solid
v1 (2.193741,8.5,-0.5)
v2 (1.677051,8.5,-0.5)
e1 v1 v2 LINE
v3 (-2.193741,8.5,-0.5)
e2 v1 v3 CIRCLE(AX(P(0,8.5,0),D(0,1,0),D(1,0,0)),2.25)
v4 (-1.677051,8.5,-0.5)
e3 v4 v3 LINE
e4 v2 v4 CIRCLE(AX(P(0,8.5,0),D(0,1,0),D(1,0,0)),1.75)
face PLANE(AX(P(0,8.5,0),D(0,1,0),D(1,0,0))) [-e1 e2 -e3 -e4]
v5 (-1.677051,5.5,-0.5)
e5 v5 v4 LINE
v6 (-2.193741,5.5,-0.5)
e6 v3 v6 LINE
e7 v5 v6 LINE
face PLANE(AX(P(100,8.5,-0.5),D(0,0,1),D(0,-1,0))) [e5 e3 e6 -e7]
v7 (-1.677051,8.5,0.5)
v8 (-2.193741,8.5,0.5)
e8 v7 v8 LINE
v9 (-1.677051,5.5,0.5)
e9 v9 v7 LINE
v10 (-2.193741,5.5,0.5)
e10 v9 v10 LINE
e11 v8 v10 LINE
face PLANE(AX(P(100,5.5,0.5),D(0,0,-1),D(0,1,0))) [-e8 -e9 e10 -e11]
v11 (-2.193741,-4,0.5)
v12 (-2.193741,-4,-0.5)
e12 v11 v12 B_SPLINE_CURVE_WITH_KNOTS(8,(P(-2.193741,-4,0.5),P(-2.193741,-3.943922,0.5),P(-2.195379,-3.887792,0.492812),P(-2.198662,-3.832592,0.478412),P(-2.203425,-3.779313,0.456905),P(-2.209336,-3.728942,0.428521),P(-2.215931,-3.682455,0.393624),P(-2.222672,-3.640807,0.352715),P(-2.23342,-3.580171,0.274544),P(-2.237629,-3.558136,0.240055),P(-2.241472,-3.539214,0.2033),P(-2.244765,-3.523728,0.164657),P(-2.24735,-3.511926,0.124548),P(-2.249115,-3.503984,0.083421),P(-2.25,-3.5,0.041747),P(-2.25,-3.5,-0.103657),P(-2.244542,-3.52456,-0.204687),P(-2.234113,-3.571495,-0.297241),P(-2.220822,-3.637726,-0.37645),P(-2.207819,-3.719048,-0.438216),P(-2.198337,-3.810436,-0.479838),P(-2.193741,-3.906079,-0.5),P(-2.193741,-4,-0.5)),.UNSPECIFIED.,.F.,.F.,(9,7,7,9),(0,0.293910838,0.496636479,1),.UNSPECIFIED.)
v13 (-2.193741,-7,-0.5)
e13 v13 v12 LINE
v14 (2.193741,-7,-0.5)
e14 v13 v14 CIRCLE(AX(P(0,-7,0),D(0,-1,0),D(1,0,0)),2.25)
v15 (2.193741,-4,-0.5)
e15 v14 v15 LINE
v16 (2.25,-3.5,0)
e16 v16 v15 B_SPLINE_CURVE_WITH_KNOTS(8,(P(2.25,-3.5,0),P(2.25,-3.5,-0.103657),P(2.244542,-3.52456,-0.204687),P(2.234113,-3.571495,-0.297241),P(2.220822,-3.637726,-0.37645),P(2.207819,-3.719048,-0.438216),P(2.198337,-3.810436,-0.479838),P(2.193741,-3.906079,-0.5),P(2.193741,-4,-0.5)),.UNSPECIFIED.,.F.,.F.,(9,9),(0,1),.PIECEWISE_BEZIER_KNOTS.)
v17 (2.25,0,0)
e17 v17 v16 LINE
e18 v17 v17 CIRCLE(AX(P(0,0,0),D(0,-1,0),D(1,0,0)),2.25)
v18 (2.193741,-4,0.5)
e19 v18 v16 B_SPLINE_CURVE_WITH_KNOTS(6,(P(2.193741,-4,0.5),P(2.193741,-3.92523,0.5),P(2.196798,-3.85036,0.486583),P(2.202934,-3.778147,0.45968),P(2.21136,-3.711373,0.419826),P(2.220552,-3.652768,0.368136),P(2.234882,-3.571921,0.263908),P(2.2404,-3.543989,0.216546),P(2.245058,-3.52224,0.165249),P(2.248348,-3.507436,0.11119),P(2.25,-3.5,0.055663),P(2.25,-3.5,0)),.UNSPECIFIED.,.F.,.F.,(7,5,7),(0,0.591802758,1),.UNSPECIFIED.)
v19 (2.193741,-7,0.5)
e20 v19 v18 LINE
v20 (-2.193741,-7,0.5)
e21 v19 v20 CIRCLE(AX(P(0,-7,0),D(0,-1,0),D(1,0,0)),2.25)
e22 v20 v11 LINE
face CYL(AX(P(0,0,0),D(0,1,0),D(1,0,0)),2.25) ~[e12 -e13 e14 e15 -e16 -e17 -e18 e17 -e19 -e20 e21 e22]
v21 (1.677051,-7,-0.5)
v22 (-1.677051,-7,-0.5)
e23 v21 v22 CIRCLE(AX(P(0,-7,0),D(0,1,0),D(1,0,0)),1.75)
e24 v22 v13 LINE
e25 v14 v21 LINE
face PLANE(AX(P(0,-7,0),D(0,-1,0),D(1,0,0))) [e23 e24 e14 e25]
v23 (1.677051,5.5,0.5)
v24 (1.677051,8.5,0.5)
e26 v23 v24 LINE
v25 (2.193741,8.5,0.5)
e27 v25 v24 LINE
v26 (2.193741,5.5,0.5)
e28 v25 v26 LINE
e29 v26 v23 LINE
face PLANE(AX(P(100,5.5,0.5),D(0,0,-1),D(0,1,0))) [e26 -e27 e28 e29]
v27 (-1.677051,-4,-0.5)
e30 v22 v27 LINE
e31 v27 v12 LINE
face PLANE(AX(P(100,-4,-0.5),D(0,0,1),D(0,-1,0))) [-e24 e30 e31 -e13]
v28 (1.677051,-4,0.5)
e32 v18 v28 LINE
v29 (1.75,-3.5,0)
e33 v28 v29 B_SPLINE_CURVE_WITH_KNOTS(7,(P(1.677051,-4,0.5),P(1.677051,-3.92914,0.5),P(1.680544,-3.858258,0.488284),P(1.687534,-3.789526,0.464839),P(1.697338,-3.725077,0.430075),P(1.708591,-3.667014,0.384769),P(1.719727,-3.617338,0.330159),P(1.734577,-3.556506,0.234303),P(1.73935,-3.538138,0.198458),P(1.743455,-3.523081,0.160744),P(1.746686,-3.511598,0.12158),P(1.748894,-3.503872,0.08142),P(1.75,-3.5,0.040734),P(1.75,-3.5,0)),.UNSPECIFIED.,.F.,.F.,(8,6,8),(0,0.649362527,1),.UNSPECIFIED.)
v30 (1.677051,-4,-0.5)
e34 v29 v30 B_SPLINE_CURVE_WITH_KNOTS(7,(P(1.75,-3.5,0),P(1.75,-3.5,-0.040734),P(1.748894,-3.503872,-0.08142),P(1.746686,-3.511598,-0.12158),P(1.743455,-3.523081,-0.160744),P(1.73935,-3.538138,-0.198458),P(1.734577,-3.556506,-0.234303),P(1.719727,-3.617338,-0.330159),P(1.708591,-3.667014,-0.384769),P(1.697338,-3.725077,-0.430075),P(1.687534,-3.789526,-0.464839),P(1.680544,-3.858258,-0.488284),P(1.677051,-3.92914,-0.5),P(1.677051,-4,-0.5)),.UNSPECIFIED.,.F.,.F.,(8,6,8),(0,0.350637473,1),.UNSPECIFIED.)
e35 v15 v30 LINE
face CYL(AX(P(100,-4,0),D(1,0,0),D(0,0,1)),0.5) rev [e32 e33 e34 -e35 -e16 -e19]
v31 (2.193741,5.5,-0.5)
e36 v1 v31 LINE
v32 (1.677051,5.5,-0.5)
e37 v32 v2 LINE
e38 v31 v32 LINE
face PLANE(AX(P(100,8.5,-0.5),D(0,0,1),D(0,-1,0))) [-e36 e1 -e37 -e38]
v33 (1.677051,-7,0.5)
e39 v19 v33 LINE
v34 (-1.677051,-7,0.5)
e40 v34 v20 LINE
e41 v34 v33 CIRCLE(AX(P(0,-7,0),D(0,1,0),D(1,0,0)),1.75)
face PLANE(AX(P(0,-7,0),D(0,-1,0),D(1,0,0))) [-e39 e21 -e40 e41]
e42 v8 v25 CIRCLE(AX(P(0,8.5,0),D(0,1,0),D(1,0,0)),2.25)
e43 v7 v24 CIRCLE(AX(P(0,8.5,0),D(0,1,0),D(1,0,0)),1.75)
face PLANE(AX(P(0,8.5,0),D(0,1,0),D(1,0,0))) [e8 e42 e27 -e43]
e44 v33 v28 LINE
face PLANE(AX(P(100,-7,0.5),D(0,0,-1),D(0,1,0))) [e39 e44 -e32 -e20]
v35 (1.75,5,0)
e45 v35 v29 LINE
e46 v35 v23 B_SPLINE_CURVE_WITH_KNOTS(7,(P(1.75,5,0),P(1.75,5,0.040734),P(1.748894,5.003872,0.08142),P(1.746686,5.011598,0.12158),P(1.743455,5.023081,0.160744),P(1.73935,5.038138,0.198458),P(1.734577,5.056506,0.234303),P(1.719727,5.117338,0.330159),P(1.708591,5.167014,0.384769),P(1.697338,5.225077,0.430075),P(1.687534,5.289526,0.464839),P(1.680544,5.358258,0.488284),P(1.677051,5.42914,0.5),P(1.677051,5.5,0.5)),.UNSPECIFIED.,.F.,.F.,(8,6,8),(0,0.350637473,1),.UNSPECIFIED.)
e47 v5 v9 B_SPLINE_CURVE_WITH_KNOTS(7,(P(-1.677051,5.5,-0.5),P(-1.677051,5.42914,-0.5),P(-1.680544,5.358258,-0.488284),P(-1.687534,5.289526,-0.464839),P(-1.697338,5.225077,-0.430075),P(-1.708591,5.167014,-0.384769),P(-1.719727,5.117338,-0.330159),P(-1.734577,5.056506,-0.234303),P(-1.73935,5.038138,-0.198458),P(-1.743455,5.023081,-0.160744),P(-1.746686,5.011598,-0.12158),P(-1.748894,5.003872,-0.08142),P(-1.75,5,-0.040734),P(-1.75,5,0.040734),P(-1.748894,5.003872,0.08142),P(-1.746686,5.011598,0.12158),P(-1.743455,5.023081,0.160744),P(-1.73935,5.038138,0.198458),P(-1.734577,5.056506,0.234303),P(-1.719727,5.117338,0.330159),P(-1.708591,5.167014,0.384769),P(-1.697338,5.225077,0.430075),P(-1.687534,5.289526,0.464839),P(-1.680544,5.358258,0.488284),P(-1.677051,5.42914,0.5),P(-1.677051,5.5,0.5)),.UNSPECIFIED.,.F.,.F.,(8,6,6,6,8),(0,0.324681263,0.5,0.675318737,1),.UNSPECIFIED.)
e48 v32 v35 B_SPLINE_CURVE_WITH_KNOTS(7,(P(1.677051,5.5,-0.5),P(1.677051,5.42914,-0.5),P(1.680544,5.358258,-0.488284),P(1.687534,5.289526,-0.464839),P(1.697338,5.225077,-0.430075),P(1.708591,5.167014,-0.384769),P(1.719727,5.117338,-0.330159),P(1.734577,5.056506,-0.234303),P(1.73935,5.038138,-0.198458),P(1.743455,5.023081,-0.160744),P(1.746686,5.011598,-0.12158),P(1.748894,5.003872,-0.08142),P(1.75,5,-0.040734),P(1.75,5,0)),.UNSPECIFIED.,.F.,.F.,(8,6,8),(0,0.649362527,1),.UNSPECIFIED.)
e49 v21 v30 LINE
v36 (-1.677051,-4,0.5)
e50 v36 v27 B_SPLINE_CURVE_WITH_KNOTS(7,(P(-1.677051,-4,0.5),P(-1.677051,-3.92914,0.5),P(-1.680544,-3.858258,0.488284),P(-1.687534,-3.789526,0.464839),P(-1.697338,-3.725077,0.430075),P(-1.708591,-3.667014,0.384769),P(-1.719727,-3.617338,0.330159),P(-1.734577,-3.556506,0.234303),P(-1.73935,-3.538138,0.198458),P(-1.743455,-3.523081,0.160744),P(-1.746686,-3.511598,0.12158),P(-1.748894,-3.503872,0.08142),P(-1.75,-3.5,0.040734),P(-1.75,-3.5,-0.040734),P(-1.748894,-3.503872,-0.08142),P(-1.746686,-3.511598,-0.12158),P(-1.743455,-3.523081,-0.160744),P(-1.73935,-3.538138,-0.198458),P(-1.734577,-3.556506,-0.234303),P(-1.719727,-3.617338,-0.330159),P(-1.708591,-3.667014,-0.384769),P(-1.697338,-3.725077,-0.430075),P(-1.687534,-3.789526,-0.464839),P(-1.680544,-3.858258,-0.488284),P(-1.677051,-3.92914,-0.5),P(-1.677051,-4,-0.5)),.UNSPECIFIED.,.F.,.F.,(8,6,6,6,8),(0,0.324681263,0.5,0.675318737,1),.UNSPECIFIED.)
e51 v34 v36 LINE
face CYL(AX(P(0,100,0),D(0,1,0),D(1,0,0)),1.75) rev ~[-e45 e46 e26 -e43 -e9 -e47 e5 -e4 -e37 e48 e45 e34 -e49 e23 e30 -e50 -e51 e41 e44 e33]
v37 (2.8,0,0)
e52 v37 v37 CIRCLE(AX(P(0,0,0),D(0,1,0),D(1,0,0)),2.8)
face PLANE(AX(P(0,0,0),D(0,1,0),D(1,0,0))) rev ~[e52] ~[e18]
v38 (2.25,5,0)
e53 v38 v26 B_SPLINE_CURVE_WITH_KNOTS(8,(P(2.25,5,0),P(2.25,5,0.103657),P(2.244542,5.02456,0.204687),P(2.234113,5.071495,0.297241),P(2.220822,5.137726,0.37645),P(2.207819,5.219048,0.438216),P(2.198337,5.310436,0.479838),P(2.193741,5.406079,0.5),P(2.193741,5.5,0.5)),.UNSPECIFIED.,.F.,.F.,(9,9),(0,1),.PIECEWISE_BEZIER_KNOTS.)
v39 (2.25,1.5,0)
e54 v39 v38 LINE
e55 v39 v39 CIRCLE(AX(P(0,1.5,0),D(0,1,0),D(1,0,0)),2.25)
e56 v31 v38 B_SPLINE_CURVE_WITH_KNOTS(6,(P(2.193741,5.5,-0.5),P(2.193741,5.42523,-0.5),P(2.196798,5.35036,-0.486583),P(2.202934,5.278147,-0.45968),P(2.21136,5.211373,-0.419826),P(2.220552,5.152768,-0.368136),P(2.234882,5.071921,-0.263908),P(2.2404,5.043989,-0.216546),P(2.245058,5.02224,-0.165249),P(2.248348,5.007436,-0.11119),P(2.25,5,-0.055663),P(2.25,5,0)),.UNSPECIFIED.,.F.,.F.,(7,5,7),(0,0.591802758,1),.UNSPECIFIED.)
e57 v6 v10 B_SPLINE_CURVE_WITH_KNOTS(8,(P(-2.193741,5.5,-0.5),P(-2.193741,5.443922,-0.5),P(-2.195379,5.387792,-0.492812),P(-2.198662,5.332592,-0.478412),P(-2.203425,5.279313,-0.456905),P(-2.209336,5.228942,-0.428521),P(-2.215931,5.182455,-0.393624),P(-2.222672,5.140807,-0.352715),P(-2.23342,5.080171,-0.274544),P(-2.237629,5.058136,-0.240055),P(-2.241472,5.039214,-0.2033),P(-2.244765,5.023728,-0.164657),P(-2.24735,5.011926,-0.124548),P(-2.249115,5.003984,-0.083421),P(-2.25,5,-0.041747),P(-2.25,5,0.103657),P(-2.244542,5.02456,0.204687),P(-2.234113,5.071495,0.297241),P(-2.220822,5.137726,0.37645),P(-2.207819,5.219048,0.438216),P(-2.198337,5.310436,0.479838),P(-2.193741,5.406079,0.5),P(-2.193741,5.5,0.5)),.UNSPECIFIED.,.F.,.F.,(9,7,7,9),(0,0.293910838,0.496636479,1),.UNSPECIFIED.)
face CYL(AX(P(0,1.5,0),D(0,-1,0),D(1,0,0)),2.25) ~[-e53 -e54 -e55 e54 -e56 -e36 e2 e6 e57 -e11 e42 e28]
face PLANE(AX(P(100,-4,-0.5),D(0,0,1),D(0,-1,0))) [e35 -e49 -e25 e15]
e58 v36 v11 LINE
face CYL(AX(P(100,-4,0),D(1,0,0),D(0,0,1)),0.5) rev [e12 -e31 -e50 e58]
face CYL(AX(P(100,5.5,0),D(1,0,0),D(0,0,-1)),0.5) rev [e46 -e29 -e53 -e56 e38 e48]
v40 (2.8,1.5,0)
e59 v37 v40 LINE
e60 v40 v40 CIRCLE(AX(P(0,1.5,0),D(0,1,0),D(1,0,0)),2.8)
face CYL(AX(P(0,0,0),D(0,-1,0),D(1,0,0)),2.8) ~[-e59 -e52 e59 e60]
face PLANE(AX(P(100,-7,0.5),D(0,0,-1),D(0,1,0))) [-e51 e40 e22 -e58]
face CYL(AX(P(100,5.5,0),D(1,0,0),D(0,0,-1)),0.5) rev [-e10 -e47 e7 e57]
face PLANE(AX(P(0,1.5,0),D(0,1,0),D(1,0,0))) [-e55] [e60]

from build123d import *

# Parameters (mm, degrees)
SKETCH1_R           = 2.8
BOSS_EXTRUDE1_DEPTH = 1.5
SKETCH2_R           = 2.25
BOSS_EXTRUDE2_DEPTH = 7
SKETCH3_R           = 2.25
BOSS_EXTRUDE3_DEPTH = 7
CUT_EXTRUDE1_DEPTH  = 103.8
SKETCH5_R           = 1.75
CUT_EXTRUDE2_DEPTH  = 108.0000001


with BuildPart() as part:
    # Sketch1 → Boss-Extrude1 (new body)
    with BuildSketch(Plane(origin=(0, 0, 0), x_dir=(1, 0, 0), z_dir=(0, 1, 0))):
        Circle(SKETCH1_R)
    extrude(amount=BOSS_EXTRUDE1_DEPTH)

    # Sketch2 → Boss-Extrude2 (add)
    with BuildSketch(Plane(origin=(0, 1.5, 0), x_dir=(1, 0, 0), z_dir=(0, 1, 0))):
        Circle(SKETCH2_R)
    extrude(amount=BOSS_EXTRUDE2_DEPTH)

    # Sketch3 → Boss-Extrude3 (add)
    with BuildSketch(Plane.XZ):
        Circle(SKETCH3_R)
    extrude(amount=BOSS_EXTRUDE3_DEPTH)

    # Sketch4 → Cut-Extrude1 (cut, through all)
    with BuildSketch(Plane(origin=(100, 0, 0), x_dir=(0, 0, -1), z_dir=(1, 0, 0))):
        with BuildLine():
            Line((-0.5, 5.5), (-0.5, 8.5))
            ThreePointArc((-0.5, 8.5), (0, 9), (0.5, 8.5))
            Line((0.5, 8.5), (0.5, 5.5))
            ThreePointArc((0.5, 5.5), (0, 5), (-0.5, 5.5))
        make_face()
        with BuildLine():
            Line((0.5, -4), (0.5, -7))
            ThreePointArc((0.5, -7), (0, -7.5), (-0.5, -7))
            Line((-0.5, -7), (-0.5, -4))
            ThreePointArc((-0.5, -4), (0, -3.5), (0.5, -4))
        make_face()
    extrude(amount=-CUT_EXTRUDE1_DEPTH, mode=Mode.SUBTRACT)

    # Sketch5 → Cut-Extrude2 (cut, through all)
    with BuildSketch(Plane(origin=(0, 100, 0), x_dir=(1, 0, 0), z_dir=(0, 1, 0))):
        Circle(SKETCH5_R)
    extrude(amount=-CUT_EXTRUDE2_DEPTH, mode=Mode.SUBTRACT)


solid = part.part
